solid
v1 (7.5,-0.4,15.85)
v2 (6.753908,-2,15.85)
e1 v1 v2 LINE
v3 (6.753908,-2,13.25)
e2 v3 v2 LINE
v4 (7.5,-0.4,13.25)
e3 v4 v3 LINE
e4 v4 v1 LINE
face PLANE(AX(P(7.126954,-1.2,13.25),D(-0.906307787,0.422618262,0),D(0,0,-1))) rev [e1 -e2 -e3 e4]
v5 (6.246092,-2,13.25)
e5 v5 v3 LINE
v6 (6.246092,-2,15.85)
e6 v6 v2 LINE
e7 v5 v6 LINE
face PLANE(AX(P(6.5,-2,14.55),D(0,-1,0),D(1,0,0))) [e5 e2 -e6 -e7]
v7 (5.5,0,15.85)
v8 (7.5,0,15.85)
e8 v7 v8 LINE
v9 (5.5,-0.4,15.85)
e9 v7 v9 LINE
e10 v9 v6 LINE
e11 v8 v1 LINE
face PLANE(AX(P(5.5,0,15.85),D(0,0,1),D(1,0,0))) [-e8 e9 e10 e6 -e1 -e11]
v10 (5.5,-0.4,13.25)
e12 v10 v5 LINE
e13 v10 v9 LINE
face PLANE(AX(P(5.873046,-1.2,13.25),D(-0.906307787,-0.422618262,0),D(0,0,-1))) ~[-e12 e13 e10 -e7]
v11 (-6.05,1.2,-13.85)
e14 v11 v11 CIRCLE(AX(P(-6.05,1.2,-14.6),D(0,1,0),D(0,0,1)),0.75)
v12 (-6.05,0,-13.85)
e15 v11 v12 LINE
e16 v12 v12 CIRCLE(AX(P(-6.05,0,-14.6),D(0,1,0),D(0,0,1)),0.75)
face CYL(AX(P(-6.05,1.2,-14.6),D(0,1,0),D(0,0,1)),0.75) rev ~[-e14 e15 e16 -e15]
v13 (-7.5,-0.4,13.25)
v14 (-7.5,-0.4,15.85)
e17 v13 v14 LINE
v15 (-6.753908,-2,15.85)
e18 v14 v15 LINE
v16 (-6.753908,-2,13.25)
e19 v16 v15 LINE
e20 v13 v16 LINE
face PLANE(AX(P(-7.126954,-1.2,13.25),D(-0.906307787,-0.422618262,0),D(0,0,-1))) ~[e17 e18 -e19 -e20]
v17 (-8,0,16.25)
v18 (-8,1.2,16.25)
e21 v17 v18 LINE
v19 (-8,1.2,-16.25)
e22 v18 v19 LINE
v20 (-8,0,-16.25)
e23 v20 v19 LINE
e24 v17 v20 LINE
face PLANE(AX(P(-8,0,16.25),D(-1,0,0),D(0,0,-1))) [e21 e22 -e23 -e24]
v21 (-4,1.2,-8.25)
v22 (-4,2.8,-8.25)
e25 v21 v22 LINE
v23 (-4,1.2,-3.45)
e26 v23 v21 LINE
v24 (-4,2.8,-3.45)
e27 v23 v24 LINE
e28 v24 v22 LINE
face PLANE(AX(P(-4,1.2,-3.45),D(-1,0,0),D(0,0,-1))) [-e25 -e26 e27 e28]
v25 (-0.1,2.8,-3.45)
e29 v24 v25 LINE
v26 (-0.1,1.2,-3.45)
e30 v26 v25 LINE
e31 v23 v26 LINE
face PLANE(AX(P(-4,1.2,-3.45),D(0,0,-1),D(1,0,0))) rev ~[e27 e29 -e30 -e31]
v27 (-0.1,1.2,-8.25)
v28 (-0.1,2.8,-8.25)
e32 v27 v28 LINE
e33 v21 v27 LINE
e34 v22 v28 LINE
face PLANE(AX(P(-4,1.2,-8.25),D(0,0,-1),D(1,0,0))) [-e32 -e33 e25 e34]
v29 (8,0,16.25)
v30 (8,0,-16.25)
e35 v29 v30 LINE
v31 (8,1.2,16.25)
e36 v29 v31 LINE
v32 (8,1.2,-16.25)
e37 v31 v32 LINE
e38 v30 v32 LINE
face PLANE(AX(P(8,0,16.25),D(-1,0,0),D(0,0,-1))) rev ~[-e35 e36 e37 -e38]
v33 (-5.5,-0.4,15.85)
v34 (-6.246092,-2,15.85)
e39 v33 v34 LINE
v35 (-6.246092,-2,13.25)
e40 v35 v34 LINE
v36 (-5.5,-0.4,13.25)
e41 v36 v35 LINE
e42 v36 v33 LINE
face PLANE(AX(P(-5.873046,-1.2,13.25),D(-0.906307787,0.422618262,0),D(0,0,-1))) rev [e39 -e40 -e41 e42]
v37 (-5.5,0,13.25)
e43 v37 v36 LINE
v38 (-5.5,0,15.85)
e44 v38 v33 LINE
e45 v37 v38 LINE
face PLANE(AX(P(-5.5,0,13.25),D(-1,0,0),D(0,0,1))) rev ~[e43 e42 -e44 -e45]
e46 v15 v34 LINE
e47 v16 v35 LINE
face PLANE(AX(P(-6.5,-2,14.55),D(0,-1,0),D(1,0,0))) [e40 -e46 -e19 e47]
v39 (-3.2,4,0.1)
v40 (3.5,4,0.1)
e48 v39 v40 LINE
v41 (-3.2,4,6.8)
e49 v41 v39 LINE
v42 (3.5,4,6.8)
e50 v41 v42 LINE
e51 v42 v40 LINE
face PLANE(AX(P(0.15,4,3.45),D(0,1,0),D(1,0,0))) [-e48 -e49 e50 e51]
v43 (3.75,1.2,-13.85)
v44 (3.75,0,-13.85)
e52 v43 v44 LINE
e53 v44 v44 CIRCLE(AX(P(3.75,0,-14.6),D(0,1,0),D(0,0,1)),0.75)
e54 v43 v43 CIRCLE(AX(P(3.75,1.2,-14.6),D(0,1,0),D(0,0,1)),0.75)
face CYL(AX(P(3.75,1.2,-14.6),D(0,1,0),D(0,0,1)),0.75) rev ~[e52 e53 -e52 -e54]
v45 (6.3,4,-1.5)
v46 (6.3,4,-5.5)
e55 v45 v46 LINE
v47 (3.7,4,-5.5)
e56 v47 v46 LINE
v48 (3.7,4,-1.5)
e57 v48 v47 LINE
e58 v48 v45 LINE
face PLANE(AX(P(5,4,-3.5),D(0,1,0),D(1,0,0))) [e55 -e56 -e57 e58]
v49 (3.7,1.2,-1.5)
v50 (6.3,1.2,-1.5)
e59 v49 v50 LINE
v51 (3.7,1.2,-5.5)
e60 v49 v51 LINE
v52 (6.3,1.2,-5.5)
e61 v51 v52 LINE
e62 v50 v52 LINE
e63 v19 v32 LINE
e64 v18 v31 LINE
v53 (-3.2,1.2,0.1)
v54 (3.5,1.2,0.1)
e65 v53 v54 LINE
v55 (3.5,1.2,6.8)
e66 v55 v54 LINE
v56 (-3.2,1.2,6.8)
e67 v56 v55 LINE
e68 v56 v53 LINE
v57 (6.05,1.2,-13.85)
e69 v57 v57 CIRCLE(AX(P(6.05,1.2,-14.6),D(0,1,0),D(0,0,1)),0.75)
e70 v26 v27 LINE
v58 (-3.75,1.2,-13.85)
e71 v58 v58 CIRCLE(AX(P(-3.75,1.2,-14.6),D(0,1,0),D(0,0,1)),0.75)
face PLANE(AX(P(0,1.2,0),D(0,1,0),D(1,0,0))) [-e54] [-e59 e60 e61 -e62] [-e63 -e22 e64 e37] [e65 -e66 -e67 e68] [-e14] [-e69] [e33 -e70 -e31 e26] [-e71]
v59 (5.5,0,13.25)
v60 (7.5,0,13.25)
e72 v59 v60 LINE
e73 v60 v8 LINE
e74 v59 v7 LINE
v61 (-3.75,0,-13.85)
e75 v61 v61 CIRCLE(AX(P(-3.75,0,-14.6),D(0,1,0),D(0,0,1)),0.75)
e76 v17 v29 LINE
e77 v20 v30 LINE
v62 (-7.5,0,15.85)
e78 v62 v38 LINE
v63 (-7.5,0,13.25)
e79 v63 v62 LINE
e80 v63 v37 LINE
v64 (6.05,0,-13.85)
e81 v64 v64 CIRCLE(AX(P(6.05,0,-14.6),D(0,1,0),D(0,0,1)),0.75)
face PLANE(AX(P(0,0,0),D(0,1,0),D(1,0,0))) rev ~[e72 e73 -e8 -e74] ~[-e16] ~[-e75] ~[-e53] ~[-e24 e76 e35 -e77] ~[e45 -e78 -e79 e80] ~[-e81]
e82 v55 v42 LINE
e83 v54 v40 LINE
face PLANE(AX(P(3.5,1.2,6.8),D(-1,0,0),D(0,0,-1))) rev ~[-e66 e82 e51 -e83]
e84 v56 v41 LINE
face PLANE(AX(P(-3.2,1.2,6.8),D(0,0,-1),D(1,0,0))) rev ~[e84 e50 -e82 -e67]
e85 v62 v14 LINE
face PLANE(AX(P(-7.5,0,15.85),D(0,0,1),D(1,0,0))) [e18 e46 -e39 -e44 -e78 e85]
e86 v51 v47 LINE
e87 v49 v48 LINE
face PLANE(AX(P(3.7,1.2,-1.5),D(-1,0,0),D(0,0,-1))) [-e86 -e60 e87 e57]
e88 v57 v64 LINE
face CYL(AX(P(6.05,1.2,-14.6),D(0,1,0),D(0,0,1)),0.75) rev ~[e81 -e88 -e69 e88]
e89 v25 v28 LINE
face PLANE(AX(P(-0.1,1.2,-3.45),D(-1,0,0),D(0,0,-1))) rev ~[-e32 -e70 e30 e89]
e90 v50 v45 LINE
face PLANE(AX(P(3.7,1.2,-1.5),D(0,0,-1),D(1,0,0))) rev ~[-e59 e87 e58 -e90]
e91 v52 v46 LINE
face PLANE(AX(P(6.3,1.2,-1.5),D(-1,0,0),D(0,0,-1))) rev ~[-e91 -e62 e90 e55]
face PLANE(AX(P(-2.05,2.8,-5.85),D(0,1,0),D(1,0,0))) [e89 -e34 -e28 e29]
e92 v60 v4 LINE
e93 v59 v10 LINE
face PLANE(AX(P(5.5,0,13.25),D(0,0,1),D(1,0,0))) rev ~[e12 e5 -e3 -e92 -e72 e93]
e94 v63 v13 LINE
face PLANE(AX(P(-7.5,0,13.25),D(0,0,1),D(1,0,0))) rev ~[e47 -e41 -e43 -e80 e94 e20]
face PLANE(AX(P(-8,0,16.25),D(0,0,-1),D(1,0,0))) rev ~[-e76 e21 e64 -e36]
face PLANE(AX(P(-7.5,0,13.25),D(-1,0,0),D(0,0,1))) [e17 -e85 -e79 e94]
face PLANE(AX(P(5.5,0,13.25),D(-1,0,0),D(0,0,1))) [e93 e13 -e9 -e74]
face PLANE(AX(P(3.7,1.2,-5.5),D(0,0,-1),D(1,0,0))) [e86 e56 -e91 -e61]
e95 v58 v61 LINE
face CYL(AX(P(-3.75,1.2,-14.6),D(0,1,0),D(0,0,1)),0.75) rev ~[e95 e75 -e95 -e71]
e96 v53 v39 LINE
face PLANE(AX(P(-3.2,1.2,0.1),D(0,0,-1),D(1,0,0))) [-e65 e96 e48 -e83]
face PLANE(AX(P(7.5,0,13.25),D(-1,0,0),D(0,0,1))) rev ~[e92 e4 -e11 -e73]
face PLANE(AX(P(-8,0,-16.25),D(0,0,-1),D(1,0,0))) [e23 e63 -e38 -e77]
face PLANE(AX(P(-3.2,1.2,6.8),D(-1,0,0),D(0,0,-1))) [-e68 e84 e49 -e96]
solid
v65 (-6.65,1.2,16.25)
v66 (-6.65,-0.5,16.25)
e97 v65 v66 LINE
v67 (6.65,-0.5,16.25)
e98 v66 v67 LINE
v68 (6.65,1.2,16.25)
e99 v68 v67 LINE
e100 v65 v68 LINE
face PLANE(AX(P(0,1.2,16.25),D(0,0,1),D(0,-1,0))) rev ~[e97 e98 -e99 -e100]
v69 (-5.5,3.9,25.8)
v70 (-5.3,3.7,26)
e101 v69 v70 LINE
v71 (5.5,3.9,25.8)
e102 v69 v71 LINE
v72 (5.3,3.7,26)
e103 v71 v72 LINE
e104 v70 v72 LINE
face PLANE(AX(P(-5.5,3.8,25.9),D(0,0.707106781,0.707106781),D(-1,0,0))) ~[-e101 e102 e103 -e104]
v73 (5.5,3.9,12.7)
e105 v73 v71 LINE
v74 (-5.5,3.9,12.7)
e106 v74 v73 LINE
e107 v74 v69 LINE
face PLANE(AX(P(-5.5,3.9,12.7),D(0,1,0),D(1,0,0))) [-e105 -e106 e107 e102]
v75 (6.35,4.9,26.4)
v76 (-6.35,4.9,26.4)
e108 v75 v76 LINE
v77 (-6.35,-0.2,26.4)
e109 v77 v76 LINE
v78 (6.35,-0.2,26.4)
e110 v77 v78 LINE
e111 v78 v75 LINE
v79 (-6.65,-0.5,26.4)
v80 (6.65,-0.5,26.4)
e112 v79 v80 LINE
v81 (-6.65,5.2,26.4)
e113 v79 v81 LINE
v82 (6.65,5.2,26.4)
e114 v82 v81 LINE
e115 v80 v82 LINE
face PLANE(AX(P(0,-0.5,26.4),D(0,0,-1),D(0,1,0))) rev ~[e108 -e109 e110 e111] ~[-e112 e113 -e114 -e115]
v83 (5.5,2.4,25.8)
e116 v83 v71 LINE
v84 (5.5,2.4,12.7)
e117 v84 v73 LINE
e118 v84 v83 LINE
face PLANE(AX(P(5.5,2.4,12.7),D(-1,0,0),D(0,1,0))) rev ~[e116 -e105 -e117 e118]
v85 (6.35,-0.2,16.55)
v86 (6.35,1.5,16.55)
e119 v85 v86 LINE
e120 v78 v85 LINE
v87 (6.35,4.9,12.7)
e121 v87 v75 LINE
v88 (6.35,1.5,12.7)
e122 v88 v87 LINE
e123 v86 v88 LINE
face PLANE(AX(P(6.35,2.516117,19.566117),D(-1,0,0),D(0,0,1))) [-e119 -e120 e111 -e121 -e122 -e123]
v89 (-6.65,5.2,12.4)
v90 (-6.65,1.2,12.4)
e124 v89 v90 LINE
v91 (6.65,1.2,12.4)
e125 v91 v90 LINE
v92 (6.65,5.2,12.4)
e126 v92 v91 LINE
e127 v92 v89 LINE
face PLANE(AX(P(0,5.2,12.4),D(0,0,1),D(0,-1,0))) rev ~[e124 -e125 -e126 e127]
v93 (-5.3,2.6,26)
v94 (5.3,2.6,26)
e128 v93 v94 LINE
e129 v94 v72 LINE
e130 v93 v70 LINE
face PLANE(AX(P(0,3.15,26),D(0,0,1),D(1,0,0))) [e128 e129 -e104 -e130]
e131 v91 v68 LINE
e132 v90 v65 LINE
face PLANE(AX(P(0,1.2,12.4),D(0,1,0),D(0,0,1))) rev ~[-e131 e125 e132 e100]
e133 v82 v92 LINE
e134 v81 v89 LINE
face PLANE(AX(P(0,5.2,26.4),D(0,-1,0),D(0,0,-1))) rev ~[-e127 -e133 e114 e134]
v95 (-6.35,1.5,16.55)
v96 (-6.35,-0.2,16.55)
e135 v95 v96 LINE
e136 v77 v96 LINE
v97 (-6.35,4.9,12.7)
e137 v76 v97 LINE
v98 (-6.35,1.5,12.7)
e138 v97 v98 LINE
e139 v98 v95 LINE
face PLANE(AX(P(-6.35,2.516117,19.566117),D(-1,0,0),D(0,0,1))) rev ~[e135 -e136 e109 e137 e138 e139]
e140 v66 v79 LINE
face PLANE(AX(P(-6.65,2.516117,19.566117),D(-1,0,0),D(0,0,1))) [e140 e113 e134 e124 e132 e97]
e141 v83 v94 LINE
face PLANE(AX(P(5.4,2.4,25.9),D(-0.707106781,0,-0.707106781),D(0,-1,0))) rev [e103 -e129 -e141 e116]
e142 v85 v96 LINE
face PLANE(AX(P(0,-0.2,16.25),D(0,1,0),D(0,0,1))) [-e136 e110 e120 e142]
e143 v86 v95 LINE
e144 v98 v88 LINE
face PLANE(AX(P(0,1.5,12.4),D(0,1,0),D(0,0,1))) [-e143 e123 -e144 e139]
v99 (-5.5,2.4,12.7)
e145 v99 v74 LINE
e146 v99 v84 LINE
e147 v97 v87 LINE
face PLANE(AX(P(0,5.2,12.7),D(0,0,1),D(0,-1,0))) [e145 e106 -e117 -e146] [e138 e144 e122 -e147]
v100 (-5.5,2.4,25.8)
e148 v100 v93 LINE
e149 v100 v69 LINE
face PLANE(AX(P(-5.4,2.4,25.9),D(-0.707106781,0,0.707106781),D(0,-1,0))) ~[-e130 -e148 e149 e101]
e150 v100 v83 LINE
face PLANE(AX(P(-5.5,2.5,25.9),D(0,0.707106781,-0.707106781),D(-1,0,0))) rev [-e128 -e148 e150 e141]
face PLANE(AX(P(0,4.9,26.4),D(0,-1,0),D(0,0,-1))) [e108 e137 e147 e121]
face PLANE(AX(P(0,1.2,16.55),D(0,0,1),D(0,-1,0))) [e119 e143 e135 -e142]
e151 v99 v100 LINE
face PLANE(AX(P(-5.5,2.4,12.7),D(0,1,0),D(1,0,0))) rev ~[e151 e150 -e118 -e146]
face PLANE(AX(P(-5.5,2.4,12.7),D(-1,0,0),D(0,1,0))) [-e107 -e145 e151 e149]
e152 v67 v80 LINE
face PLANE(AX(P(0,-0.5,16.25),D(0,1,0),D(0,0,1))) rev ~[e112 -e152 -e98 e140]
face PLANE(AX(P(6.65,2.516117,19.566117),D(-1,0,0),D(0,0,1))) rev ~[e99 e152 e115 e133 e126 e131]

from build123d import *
from OCP.BRepFilletAPI import BRepFilletAPI_MakeChamfer

# Parameters (mm, degrees)
SCHIZZO1_W                   = 16
SCHIZZO1_H                   = 32.5
ESTRUSIONE_ESTRUSIONE1_DEPTH = 1.2
ESTRUSIONE_ESTRUSIONE2_DEPTH = 6.65
SVUOTA1_T                    = -0.3
SCHIZZO4_W                   = 11
SCHIZZO4_H                   = 1.5
ESTRUSIONE_ESTRUSIONE3_DEPTH = 13.3
SMUSSO1_SIZE                 = 0.2
SCHIZZO5_W                   = 2
SCHIZZO5_H                   = 2.6
ESTRUSIONE_ESTRUSIONE4_DEPTH = 2
SMUSSO2_SIZE                 = 1.6
SMUSSO2_SIZE2                = 0.746092253
SCHIZZO6_W                   = 6.7
SCHIZZO6_H                   = 6.7
SCHIZZO6_W_2                 = 2.6
SCHIZZO6_H_2                 = 4
ESTRUSIONE_ESTRUSIONE5_DEPTH = 2.8
SCHIZZO7_W                   = 3.9
SCHIZZO7_H                   = 4.8
ESTRUSIONE_ESTRUSIONE6_DEPTH = 1.6
SCHIZZO9_R                   = 0.75
TAGLIO_ESTRUSIONE1_DEPTH     = 28.874002224


with BuildPart() as part:
    # Schizzo1 → Estrusione-Estrusione1 (new body)
    with BuildSketch(Plane(origin=(0, 0, 0), x_dir=(1, 0, 0), z_dir=(0, 1, 0))):
        Rectangle(SCHIZZO1_W, SCHIZZO1_H)
    extrude(amount=ESTRUSIONE_ESTRUSIONE1_DEPTH)

    # Schizzo5 → Estrusione-Estrusione4 (add)
    with BuildSketch(Plane.XZ):
        with Locations((-6.5, 14.55)):
            Rectangle(SCHIZZO5_W, SCHIZZO5_H)
        with Locations((6.5, 14.55)):
            Rectangle(SCHIZZO5_W, SCHIZZO5_H)
    extrude(amount=ESTRUSIONE_ESTRUSIONE4_DEPTH)

    # Smusso2: one chamfer whose edges measure the first distance from different faces: ONE call of the kernel's chamfer builder (chamfer() names one face for all edges)
    smusso2_edges_1 = [part.edges().sort_by_distance(p)[0] for p in [
        (-5.5, -2, 14.55),
    ]]
    smusso2_side_1 = [part.faces().sort_by_distance(p)[0] for p in [
        (-5.5, -1, 14.55),
    ]]
    smusso2_edges_2 = [part.edges().sort_by_distance(p)[0] for p in [
        (-7.5, -2, 14.55),
    ]]
    smusso2_side_2 = [part.faces().sort_by_distance(p)[0] for p in [
        (-7.5, -1, 14.55),
    ]]
    smusso2_edges_3 = [part.edges().sort_by_distance(p)[0] for p in [
        (7.5, -2, 14.55),
    ]]
    smusso2_side_3 = [part.faces().sort_by_distance(p)[0] for p in [
        (7.5, -1, 14.55),
    ]]
    smusso2_edges_4 = [part.edges().sort_by_distance(p)[0] for p in [
        (5.5, -2, 14.55),
    ]]
    smusso2_side_4 = [part.faces().sort_by_distance(p)[0] for p in [
        (5.5, -1, 14.55),
    ]]
    smusso2 = BRepFilletAPI_MakeChamfer(part.part.solid().wrapped)
    for e in smusso2_edges_1:
        smusso2.Add(SMUSSO2_SIZE, SMUSSO2_SIZE2, e.wrapped, smusso2_side_1[0].wrapped)  # the first distance lies on this face
    for e in smusso2_edges_2:
        smusso2.Add(SMUSSO2_SIZE, SMUSSO2_SIZE2, e.wrapped, smusso2_side_2[0].wrapped)  # the first distance lies on this face
    for e in smusso2_edges_3:
        smusso2.Add(SMUSSO2_SIZE, SMUSSO2_SIZE2, e.wrapped, smusso2_side_3[0].wrapped)  # the first distance lies on this face
    for e in smusso2_edges_4:
        smusso2.Add(SMUSSO2_SIZE, SMUSSO2_SIZE2, e.wrapped, smusso2_side_4[0].wrapped)  # the first distance lies on this face
    add(Compound.cast(smusso2.Shape()), mode=Mode.REPLACE)

    # Schizzo6 → Estrusione-Estrusione5 (add)
    with BuildSketch(Plane(origin=(0, 1.2, 0), x_dir=(1, 0, 0), z_dir=(0, 1, 0))):
        with Locations((0.15, -3.45)):
            Rectangle(SCHIZZO6_W, SCHIZZO6_H)
        with Locations((5, 3.5)):
            Rectangle(SCHIZZO6_W_2, SCHIZZO6_H_2)
    extrude(amount=ESTRUSIONE_ESTRUSIONE5_DEPTH)

    # Schizzo7 → Estrusione-Estrusione6 (add)
    with BuildSketch(Plane(origin=(0, 1.2, 0), x_dir=(1, 0, 0), z_dir=(0, 1, 0))):
        with Locations((-2.05, 5.85)):
            Rectangle(SCHIZZO7_W, SCHIZZO7_H)
    extrude(amount=ESTRUSIONE_ESTRUSIONE6_DEPTH)

    # Schizzo9 → Taglio-Estrusione1 (cut, through all)
    with BuildSketch(Plane(origin=(0, 1.2, 0), x_dir=(1, 0, 0), z_dir=(0, 1, 0))):
        with Locations(Location((-6.05, 14.6, 0), (0, 0, 270))):
            Circle(SCHIZZO9_R)
        with Locations(Location((-3.75, 14.6, 0), (0, 0, 270))):
            Circle(SCHIZZO9_R)
        with Locations(Location((3.75, 14.6, 0), (0, 0, 270))):
            Circle(SCHIZZO9_R)
        with Locations(Location((6.05, 14.6, 0), (0, 0, 270))):
            Circle(SCHIZZO9_R)
    extrude(amount=-TAGLIO_ESTRUSIONE1_DEPTH, mode=Mode.SUBTRACT)


with BuildPart() as body_2:
    # Schizzo3 → Estrusione-Estrusione2 (new, symmetric)
    with BuildSketch(Plane(origin=(0, 0, 0), x_dir=(0, 0, -1), z_dir=(1, 0, 0))):
        Polygon((-26.4, -0.5), (-26.4, 5.2), (-12.4, 5.2), (-12.4, 1.2), (-16.25, 1.2), (-16.25, -0.5), align=None)
    extrude(amount=ESTRUSIONE_ESTRUSIONE2_DEPTH, both=True)

    # Svuota1
    svuota1_openings = [body_2.faces().sort_by_distance(p)[0] for p in [
        (0, 2.35, 26.4),
    ]]
    offset(amount=SVUOTA1_T, openings=svuota1_openings, kind=Kind.INTERSECTION)

    # Schizzo4 → Estrusione-Estrusione3 (add)
    with BuildSketch(Plane.XY.offset(12.7)):
        with Locations((0, 3.15)):
            Rectangle(SCHIZZO4_W, SCHIZZO4_H)
    extrude(amount=ESTRUSIONE_ESTRUSIONE3_DEPTH)

    # Smusso1
    smusso1_edges = [body_2.edges().sort_by_distance(p)[0] for p in [
        (-5.5, 3.15, 26),
        (0, 2.4, 26),
        (5.5, 3.15, 26),
        (0, 3.9, 26),
    ]]
    chamfer(smusso1_edges, length=SMUSSO1_SIZE)


solid = Compound([part.part, body_2.part])
